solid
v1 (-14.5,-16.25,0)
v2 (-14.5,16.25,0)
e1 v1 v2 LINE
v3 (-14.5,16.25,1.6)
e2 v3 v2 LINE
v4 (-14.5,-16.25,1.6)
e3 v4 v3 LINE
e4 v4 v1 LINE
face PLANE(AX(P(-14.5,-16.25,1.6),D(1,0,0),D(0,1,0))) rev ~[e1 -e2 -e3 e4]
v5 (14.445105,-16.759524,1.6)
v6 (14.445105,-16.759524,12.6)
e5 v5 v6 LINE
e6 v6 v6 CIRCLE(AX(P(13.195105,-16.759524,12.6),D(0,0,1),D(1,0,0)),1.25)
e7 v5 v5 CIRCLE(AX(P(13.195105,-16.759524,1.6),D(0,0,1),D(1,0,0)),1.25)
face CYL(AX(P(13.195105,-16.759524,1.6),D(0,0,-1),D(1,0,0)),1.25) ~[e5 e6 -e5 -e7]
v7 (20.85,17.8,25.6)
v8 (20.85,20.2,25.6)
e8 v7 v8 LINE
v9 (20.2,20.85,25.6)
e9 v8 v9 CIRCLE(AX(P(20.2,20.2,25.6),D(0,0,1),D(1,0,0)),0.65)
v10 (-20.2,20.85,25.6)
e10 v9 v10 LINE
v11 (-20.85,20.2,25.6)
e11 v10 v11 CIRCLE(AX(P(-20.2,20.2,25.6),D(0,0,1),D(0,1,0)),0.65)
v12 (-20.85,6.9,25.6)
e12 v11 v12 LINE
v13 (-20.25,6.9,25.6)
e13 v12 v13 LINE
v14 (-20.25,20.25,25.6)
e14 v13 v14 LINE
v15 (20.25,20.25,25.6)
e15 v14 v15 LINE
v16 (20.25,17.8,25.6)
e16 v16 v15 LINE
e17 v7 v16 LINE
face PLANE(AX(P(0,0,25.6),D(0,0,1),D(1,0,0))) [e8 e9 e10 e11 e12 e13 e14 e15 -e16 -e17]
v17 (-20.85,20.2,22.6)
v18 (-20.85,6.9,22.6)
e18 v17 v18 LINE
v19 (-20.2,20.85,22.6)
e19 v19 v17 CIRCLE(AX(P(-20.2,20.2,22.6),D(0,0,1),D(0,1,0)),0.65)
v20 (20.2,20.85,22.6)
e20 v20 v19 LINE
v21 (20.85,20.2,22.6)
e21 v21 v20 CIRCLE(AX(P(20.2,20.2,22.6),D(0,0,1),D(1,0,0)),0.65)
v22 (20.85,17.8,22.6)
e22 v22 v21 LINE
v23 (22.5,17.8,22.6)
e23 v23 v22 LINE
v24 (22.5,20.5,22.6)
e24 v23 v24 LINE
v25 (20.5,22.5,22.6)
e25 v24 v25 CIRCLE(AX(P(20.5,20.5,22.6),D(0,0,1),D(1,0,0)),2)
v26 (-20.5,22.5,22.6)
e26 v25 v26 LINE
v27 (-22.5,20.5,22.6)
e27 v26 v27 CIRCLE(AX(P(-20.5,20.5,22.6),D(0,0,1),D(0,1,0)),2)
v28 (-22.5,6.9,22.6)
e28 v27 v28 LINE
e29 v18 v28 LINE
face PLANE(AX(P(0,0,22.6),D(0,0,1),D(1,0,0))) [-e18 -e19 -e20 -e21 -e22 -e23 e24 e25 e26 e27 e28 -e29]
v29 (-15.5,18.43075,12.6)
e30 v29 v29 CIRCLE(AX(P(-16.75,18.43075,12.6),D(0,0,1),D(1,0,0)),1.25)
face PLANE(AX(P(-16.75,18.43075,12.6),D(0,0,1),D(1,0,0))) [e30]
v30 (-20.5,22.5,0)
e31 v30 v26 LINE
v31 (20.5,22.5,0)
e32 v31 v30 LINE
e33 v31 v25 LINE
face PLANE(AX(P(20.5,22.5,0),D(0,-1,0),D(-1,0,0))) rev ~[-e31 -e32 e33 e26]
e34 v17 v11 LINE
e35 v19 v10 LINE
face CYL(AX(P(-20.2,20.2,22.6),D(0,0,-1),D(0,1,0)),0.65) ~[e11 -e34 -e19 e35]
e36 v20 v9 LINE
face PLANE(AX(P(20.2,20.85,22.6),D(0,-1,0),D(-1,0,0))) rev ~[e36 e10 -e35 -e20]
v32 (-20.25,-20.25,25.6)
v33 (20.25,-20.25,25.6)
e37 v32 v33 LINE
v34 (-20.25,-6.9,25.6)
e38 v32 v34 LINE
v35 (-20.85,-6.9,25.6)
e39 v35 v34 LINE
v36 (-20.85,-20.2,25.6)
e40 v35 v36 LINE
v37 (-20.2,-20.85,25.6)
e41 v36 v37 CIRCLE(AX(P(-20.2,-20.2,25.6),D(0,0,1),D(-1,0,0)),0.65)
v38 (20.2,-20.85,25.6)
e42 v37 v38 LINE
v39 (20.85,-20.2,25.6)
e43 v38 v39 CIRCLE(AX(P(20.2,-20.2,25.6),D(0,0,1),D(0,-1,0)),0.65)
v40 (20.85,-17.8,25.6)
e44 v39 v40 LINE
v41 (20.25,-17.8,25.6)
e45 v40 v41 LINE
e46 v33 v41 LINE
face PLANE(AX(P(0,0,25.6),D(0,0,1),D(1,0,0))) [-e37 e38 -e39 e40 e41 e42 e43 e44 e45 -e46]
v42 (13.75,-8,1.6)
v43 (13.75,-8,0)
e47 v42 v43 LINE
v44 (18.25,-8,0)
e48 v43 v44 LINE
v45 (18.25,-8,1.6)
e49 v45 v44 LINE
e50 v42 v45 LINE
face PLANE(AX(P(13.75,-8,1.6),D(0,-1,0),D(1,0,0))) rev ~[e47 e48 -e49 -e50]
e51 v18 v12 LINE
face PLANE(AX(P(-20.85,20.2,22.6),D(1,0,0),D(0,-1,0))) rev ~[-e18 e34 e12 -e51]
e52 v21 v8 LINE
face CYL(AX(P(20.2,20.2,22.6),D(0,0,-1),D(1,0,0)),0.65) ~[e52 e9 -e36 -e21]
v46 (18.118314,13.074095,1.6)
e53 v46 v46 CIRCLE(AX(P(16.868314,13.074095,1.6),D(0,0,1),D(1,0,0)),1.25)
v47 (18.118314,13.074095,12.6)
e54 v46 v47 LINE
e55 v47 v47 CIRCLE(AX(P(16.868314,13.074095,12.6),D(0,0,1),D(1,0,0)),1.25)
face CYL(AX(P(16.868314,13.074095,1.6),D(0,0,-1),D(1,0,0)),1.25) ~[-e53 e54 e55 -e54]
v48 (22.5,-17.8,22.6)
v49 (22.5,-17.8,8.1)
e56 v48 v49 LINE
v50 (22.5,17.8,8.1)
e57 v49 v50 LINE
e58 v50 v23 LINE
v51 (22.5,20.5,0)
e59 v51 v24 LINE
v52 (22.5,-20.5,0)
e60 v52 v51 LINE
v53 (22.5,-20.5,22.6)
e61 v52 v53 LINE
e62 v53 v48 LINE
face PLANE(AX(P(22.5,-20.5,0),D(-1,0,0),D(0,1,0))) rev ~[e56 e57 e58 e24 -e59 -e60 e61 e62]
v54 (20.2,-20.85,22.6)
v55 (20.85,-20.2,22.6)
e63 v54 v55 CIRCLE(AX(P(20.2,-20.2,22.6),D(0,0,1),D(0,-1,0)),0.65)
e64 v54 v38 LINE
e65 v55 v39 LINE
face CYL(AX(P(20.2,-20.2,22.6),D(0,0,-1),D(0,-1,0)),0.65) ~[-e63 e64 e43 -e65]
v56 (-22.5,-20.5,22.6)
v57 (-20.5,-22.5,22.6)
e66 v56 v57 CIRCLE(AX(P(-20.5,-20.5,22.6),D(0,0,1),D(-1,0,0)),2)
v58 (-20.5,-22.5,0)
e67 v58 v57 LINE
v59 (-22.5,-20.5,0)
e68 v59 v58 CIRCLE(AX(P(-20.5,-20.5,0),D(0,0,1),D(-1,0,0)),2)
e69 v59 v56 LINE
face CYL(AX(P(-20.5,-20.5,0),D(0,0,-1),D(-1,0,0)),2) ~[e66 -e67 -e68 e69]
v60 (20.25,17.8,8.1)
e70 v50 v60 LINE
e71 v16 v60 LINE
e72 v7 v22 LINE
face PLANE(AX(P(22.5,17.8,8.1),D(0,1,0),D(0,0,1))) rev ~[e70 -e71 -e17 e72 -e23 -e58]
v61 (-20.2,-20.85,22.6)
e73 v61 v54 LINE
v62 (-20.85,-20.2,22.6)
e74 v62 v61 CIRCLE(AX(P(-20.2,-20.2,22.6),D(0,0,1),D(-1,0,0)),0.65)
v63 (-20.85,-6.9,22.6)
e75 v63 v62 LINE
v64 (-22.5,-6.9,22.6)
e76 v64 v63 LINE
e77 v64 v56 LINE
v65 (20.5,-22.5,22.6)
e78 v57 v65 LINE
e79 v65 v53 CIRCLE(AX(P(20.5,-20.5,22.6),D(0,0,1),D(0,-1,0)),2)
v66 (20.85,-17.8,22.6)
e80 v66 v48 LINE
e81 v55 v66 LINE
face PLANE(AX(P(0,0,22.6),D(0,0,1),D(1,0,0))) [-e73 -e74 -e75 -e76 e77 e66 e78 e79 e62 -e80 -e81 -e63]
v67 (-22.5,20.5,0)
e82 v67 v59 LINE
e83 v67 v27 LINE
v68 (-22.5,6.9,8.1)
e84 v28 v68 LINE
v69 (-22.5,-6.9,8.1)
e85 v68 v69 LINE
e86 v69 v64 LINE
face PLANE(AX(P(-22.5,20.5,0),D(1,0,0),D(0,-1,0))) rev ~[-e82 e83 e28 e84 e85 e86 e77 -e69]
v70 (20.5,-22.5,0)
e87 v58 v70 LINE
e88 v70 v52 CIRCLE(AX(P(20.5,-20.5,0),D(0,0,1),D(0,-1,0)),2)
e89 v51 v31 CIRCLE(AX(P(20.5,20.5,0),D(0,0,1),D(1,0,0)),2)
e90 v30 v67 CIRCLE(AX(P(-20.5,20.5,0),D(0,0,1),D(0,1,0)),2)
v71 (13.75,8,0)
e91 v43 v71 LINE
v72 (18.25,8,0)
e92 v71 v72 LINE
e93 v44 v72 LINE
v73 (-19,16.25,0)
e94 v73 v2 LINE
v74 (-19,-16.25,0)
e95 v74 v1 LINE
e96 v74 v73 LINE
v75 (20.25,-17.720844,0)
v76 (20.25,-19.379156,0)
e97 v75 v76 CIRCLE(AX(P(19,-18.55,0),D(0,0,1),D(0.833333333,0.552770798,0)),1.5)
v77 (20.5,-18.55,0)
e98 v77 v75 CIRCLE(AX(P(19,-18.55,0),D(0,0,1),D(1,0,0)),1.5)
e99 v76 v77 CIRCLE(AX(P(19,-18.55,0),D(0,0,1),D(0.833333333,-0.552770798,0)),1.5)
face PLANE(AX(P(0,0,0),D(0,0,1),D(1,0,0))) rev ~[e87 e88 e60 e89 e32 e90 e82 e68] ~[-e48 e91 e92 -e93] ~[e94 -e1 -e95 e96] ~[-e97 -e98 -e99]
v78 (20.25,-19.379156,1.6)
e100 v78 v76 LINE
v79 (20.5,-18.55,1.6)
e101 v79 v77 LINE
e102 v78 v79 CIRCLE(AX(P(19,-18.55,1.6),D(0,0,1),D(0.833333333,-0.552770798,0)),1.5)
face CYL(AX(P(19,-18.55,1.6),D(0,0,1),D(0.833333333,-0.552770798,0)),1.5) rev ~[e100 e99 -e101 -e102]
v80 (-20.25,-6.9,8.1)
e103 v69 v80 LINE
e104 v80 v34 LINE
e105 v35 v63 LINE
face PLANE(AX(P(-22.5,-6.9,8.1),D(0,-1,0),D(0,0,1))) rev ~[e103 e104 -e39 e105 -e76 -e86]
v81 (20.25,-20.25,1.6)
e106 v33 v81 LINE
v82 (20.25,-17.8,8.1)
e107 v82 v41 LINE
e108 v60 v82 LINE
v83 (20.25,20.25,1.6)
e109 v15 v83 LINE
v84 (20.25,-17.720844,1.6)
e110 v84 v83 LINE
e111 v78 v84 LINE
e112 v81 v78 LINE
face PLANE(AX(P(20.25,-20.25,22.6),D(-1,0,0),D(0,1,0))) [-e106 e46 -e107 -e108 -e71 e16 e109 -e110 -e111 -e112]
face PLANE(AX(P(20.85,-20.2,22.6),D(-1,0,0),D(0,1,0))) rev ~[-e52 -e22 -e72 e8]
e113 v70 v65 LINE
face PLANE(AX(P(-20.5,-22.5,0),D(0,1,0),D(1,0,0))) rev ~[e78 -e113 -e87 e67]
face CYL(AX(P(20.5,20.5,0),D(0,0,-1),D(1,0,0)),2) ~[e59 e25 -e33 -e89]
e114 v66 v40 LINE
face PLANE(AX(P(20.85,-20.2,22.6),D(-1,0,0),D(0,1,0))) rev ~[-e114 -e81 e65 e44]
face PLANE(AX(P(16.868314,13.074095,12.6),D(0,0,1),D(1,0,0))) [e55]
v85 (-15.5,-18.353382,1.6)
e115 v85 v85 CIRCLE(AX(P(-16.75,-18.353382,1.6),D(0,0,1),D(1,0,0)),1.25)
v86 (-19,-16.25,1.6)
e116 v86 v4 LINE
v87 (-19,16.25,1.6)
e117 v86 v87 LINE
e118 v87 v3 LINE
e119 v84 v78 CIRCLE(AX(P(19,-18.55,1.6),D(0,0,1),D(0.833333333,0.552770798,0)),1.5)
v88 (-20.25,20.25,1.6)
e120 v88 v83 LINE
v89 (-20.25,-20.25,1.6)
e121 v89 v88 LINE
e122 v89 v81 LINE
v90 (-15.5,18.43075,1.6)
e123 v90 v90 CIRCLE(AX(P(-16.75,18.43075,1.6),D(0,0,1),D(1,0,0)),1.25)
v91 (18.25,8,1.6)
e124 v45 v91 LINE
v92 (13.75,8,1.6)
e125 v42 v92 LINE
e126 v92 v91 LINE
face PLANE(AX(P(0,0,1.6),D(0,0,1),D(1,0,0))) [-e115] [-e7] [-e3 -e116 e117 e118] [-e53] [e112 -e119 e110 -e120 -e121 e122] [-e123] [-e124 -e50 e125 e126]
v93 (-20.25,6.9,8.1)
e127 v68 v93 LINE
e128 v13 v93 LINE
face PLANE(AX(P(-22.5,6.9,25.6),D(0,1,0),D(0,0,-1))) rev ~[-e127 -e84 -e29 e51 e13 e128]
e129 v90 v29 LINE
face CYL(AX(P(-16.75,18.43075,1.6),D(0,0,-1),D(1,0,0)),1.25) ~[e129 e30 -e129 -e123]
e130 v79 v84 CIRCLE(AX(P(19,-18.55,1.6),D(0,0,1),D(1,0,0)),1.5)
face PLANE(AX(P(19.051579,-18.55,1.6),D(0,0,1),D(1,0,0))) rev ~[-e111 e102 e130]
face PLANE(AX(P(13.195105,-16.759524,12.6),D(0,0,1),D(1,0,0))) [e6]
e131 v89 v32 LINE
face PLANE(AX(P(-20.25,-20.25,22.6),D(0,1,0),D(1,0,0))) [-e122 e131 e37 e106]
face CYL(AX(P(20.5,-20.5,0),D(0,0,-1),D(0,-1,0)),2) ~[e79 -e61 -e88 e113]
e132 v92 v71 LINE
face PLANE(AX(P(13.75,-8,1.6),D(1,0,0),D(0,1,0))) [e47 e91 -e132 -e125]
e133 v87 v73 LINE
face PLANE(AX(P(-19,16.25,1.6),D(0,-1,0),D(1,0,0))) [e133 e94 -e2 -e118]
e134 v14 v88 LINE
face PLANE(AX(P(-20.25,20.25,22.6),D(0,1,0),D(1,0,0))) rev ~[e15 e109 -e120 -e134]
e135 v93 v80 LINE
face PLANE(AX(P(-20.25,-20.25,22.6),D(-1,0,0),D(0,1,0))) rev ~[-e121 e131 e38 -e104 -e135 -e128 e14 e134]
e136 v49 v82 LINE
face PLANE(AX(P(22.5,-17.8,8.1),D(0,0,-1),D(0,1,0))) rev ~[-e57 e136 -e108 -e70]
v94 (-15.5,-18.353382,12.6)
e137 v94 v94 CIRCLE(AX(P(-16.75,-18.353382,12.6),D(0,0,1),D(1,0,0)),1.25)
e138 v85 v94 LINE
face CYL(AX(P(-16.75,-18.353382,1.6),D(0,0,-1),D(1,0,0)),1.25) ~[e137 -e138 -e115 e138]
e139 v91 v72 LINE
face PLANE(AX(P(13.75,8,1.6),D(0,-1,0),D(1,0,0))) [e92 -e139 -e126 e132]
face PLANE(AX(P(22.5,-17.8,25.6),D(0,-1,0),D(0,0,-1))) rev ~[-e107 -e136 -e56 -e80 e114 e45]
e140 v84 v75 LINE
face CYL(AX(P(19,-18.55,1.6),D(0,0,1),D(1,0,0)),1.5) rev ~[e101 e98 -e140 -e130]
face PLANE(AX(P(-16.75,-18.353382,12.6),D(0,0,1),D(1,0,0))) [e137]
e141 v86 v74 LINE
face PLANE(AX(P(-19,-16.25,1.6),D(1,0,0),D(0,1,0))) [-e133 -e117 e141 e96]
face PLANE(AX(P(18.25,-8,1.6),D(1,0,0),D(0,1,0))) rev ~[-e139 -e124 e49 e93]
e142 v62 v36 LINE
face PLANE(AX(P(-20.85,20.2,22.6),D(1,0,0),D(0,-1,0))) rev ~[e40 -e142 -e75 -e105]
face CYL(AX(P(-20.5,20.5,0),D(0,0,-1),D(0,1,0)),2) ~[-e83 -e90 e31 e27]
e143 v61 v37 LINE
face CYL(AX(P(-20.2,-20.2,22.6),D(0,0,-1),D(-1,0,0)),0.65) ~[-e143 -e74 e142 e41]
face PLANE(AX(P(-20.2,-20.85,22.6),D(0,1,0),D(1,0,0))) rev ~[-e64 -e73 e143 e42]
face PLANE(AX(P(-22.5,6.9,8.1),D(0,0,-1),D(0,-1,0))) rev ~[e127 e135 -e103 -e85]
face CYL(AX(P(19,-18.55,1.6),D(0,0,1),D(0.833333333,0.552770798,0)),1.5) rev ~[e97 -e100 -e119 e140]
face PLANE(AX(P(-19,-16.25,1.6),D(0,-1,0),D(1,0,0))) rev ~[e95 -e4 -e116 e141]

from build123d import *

# Parameters (mm, degrees)
F0_W      = 40.5
F0_H      = 40.5
F1_DEPTH  = 1.6
F2_DEPTH  = 22.6
F3_W      = 40.5
F3_H      = 40.5
F4_DEPTH  = 3
F5_W      = 35.6
F5_H      = 14.5
F5_H_2    = 3
F6_DEPTH  = 5
F7_W      = 13.8
F7_H      = 14.5
F7_H_2    = 3
F8_DEPTH  = 5
F9_W      = 4.5
F9_H      = 16
F9_H_2    = 32.5
F10_DEPTH = 5
F11_R     = 1.25
F12_DEPTH = 11


with BuildPart() as f1:
    # F0 (on Top) → F1 (new body)
    with BuildSketch(Plane.XY):
        Rectangle(F0_W, F0_H)
    extrude(amount=F1_DEPTH)

    # F0 (on Top) → F2 (join)
    with BuildSketch(Plane.XY):
        with BuildLine():
            Line((20.5, 22.5), (-20.5, 22.5))
            ThreePointArc((-20.5, 22.5), (-21.9142135624, 21.9142135624), (-22.5, 20.5))
            Line((-22.5, 20.5), (-22.5, -20.5))
            ThreePointArc((-22.5, -20.5), (-21.9142135624, -21.9142135624), (-20.5, -22.5))
            Line((-20.5, -22.5), (20.5, -22.5))
            ThreePointArc((20.5, -22.5), (21.9142135624, -21.9142135624), (22.5, -20.5))
            Line((22.5, -20.5), (22.5, 20.5))
            ThreePointArc((22.5, 20.5), (21.9142135624, 21.9142135624), (20.5, 22.5))
        make_face()
        Rectangle(F0_W, F0_H, mode=Mode.SUBTRACT)
    extrude(amount=F2_DEPTH)

    # F3 (on face) → F4 (join)
    with BuildSketch(Plane.XY.offset(22.6)):
        with BuildLine():
            Line((20.2, 20.85), (-20.2, 20.85))
            ThreePointArc((-20.2, 20.85), (-20.6596194078, 20.6596194078), (-20.85, 20.2))
            Line((-20.85, 20.2), (-20.85, -20.2))
            ThreePointArc((-20.85, -20.2), (-20.6596194078, -20.6596194078), (-20.2, -20.85))
            Line((-20.2, -20.85), (20.2, -20.85))
            ThreePointArc((20.2, -20.85), (20.6596194078, -20.6596194078), (20.85, -20.2))
            Line((20.85, -20.2), (20.85, 20.2))
            ThreePointArc((20.85, 20.2), (20.6596194078, 20.6596194078), (20.2, 20.85))
        make_face()
        Rectangle(F3_W, F3_H, mode=Mode.SUBTRACT)
    extrude(amount=F4_DEPTH)

    # F5 (on face) → F6 (cut)
    with BuildSketch(Plane.YZ.offset(22.5)):
        with Locations((0, 15.35)):
            Rectangle(F5_W, F5_H)
        with Locations((0, 24.1)):
            Rectangle(F5_W, F5_H_2)
    extrude(amount=-F6_DEPTH, mode=Mode.SUBTRACT)

    # F7 (on face) → F8 (cut)
    with BuildSketch(Plane(origin=(-22.5, 0, 0), x_dir=(0, -1, 0), z_dir=(-1, 0, 0))):
        with Locations((0, 15.35)):
            Rectangle(F7_W, F7_H)
        with Locations((0, 24.1)):
            Rectangle(F7_W, F7_H_2)
    extrude(amount=-F8_DEPTH, mode=Mode.SUBTRACT)

    # F9 (on face) → F10 (cut)
    with BuildSketch(Plane.XY.offset(1.6)):
        with Locations((16, 0)):
            Rectangle(F9_W, F9_H)
        with BuildLine():
            Line((20.25, -19.3791561976), (20.25, -17.7208438024))
            ThreePointArc((20.25, -17.7208438024), (17.5, -18.55), (20.25, -19.3791561976))
        make_face()
        with BuildLine():
            ThreePointArc((20.25, -19.3791561976), (20.4361406616, -18.9830127019), (20.5, -18.55))
            ThreePointArc((20.5, -18.55), (20.4361406616, -18.1169872981), (20.25, -17.7208438024))
            Line((20.25, -17.7208438024), (20.25, -19.3791561976))
        make_face()
        with Locations((-16.75, 0)):
            Rectangle(F9_W, F9_H_2)
    extrude(amount=-F10_DEPTH, mode=Mode.SUBTRACT)

    # F11 (on face) → F12 (join)
    with BuildSketch(Plane.XY.offset(1.6)):
        with Locations((16.8683137745, 13.0740953609)):
            Circle(F11_R)
        with Locations((-16.75, 18.4307503104)):
            Circle(F11_R)
        with Locations((-16.75, -18.3533816189)):
            Circle(F11_R)
        with Locations((13.195104897, -16.7595241219)):
            Circle(F11_R)
    extrude(amount=F12_DEPTH)


solid = f1.part
